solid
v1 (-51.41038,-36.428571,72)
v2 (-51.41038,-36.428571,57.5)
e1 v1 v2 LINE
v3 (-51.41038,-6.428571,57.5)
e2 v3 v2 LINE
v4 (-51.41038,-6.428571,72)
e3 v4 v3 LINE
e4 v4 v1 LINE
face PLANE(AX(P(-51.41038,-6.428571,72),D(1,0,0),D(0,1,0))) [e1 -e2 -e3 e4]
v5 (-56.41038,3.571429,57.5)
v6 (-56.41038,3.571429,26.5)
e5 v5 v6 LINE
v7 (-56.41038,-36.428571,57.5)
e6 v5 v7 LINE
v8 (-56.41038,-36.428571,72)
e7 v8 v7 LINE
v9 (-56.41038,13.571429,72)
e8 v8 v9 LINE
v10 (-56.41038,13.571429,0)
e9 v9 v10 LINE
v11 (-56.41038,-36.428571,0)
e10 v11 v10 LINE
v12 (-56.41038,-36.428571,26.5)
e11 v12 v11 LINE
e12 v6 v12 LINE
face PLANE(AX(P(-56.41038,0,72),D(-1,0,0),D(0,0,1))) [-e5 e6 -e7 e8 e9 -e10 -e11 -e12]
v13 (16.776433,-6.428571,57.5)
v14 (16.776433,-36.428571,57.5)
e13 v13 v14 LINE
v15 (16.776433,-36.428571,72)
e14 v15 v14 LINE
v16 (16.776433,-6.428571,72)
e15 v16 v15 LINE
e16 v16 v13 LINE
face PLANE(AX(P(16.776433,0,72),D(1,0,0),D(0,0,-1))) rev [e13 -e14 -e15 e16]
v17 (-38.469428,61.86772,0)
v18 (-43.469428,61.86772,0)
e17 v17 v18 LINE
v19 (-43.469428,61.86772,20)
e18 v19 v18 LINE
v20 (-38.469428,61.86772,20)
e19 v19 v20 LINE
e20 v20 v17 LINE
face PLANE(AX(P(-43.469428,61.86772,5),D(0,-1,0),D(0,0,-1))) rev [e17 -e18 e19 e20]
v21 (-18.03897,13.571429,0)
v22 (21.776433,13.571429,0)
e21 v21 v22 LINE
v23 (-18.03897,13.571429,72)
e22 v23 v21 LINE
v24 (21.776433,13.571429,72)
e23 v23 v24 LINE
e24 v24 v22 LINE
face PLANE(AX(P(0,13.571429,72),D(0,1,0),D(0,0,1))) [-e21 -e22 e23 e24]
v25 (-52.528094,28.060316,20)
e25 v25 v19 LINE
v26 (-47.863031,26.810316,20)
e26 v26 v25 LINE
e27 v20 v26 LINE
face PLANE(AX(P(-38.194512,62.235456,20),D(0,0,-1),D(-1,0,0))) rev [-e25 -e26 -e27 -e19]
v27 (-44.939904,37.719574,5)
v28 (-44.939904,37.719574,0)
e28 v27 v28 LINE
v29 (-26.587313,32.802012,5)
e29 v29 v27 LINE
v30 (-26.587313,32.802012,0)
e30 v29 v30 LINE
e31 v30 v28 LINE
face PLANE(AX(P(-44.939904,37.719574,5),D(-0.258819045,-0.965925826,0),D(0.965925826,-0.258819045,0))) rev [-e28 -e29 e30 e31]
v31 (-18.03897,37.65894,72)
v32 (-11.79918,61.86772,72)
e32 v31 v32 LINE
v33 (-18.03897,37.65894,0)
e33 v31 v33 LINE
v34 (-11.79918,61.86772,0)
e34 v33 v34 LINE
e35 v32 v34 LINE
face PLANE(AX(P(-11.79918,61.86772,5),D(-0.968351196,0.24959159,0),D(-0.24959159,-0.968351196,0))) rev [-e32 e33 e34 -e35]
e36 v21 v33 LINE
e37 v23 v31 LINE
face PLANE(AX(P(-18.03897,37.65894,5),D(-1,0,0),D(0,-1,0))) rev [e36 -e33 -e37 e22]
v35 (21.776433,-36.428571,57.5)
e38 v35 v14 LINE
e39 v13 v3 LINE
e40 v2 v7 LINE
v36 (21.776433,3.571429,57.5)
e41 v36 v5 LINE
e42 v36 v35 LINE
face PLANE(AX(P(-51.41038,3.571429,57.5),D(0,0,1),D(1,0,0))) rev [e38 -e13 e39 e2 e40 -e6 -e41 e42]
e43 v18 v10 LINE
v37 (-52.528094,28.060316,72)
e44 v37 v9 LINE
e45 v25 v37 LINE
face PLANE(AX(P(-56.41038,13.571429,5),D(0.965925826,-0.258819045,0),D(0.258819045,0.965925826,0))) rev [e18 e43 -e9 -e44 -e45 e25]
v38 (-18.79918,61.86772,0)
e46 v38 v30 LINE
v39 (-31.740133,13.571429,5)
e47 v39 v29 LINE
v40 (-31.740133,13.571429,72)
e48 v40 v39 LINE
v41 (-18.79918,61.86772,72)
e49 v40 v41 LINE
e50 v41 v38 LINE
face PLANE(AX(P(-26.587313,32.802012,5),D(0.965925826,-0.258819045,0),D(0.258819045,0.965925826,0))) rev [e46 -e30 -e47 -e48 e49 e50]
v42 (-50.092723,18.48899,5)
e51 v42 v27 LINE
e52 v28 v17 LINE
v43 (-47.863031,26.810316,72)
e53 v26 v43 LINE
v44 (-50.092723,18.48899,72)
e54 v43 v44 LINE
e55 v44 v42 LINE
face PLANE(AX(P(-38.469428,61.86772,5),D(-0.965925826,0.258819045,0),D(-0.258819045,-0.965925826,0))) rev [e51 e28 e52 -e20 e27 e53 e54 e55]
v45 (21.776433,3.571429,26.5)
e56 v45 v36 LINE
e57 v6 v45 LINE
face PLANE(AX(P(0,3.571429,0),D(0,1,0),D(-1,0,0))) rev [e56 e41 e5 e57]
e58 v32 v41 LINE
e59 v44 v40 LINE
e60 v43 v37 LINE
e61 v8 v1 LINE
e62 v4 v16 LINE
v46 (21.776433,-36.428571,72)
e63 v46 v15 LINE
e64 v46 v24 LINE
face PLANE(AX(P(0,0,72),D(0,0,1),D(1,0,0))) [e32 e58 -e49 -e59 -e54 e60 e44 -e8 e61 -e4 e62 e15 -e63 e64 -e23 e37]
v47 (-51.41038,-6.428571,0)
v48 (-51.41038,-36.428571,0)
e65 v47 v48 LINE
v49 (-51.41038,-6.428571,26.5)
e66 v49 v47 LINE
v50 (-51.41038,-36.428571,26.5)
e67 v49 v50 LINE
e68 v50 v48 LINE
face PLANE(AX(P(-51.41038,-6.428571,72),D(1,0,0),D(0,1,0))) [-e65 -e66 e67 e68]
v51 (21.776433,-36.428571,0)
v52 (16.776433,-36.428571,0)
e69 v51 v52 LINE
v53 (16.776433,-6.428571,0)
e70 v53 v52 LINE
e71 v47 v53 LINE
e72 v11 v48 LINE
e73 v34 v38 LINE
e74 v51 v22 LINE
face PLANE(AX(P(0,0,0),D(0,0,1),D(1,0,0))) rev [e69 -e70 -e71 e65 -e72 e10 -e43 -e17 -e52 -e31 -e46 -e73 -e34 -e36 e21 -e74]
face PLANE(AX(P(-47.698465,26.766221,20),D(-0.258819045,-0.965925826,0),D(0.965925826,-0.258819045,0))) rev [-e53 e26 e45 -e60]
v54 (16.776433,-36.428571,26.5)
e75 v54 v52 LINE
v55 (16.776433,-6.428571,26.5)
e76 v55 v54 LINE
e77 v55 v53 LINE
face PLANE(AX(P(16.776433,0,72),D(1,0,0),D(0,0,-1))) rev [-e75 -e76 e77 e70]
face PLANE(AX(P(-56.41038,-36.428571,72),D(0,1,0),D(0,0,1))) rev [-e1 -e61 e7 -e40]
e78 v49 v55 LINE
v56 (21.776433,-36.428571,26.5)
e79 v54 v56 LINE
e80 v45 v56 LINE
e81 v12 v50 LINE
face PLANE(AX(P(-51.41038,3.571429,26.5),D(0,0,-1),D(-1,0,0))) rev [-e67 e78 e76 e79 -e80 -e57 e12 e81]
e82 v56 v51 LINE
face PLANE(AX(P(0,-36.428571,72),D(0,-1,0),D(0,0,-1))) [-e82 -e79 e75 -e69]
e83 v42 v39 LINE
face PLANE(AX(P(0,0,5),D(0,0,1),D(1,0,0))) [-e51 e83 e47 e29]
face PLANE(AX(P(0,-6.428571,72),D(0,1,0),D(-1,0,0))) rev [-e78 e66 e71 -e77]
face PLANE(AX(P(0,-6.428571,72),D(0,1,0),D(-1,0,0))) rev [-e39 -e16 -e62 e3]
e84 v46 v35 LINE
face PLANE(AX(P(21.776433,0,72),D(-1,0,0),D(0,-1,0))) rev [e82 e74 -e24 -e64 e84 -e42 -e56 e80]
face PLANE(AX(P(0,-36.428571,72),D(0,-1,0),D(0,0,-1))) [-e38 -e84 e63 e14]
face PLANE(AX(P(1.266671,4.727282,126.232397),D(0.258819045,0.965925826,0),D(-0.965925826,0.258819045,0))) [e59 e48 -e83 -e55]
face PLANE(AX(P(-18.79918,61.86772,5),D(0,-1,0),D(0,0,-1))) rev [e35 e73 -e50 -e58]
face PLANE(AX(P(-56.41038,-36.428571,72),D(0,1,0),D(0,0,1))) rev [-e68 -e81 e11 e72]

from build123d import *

# Parameters (mm, degrees)
EXTRUDE_1_DEPTH     = 72
SKETCH_2_W          = 68.186813186
SKETCH_2_H          = 31
CUT_EXTRUDE_1_DEPTH = 10
SKETCH_3_W          = 5
SKETCH_3_H          = 31
CUT_EXTRUDE_3_DEPTH = 40
SKETCH_4_W          = 5
SKETCH_4_H          = 31
CUT_EXTRUDE_4_DEPTH = 40
EXTRUDE_6_DEPTH     = 5
EXTRUDE_7_DEPTH     = 67
SKETCH_12_W         = 52
SKETCH_12_H         = 36.720454309
CUT_EXTRUDE_5_DEPTH = 5


with BuildPart() as part:
    # 草圖1 → 填料-伸長1 (new body)
    with BuildSketch(Plane.XY):
        Polygon((-56.41038016, 13.571428571), (-56.41038016, -36.428571429), (-51.41038016, -36.428571429), (-51.41038016, -6.428571429), (16.776433026, -6.428571429), (16.776433026, -36.428571429), (21.776433026, -36.428571429), (21.776433026, 13.571428571), align=None)
    extrude(amount=EXTRUDE_1_DEPTH)

    # 草圖2 → 除料-伸長1 (cut)
    with BuildSketch(Plane.XZ.offset(6.428571429)):
        with Locations((-17.316973567, 42)):
            Rectangle(SKETCH_2_W, SKETCH_2_H)
    extrude(amount=-CUT_EXTRUDE_1_DEPTH, mode=Mode.SUBTRACT)

    # 草圖3 → 除料-伸長3 (cut)
    with BuildSketch(Plane.XZ.offset(36.428571429)):
        with Locations((-53.91038016, 42)):
            Rectangle(SKETCH_3_W, SKETCH_3_H)
    extrude(amount=-CUT_EXTRUDE_3_DEPTH, mode=Mode.SUBTRACT)

    # 草圖4 → 除料-伸長4 (cut)
    with BuildSketch(Plane.XZ.offset(36.428571429)):
        with Locations((19.276433026, 42)):
            Rectangle(SKETCH_4_W, SKETCH_4_H)
    extrude(amount=-CUT_EXTRUDE_4_DEPTH, mode=Mode.SUBTRACT)

    # 草圖10 → 填料-伸長6 (add)
    with BuildSketch(Plane.XY):
        Polygon((-56.41038016, 13.571428571), (-43.469427905, 61.867719886), (-38.469427905, 61.867719886), (-44.939904033, 37.719574229), (-26.587313333, 32.802012372), (-18.799180477, 61.867719886), (-11.799180477, 61.867719886), (-18.038970236, 37.658939996), (-18.038970236, 13.571428571), align=None)
    extrude(amount=EXTRUDE_6_DEPTH)

    # 草圖11 → 填料-伸長7 (add)
    with BuildSketch(Plane.XY.offset(5)):
        Polygon((-43.469427905, 61.867719886), (-56.41038016, 13.571428571), (-31.740132733, 13.571428571), (-50.092723432, 18.488990428), (-44.939904033, 37.719574229), (-38.469427905, 61.867719886), align=None)
        Polygon((-26.587313333, 32.802012372), (-31.740132733, 13.571428571), (-18.038970236, 13.571428571), (-18.038970236, 37.658939996), (-11.799180477, 61.867719886), (-18.799180477, 61.867719886), align=None)
    extrude(amount=EXTRUDE_7_DEPTH)

    # 草圖12 → 除料-伸長5 (cut)
    with BuildSketch(Plane(origin=(-56.024458351, 15.011708372, 0), x_dir=(0, 0, 1), z_dir=(-0.965925826, 0.258819045, 0))):
        with Locations((46, 31.869139784)):
            Rectangle(SKETCH_12_W, SKETCH_12_H)
    extrude(amount=-CUT_EXTRUDE_5_DEPTH, mode=Mode.SUBTRACT)


solid = part.part
